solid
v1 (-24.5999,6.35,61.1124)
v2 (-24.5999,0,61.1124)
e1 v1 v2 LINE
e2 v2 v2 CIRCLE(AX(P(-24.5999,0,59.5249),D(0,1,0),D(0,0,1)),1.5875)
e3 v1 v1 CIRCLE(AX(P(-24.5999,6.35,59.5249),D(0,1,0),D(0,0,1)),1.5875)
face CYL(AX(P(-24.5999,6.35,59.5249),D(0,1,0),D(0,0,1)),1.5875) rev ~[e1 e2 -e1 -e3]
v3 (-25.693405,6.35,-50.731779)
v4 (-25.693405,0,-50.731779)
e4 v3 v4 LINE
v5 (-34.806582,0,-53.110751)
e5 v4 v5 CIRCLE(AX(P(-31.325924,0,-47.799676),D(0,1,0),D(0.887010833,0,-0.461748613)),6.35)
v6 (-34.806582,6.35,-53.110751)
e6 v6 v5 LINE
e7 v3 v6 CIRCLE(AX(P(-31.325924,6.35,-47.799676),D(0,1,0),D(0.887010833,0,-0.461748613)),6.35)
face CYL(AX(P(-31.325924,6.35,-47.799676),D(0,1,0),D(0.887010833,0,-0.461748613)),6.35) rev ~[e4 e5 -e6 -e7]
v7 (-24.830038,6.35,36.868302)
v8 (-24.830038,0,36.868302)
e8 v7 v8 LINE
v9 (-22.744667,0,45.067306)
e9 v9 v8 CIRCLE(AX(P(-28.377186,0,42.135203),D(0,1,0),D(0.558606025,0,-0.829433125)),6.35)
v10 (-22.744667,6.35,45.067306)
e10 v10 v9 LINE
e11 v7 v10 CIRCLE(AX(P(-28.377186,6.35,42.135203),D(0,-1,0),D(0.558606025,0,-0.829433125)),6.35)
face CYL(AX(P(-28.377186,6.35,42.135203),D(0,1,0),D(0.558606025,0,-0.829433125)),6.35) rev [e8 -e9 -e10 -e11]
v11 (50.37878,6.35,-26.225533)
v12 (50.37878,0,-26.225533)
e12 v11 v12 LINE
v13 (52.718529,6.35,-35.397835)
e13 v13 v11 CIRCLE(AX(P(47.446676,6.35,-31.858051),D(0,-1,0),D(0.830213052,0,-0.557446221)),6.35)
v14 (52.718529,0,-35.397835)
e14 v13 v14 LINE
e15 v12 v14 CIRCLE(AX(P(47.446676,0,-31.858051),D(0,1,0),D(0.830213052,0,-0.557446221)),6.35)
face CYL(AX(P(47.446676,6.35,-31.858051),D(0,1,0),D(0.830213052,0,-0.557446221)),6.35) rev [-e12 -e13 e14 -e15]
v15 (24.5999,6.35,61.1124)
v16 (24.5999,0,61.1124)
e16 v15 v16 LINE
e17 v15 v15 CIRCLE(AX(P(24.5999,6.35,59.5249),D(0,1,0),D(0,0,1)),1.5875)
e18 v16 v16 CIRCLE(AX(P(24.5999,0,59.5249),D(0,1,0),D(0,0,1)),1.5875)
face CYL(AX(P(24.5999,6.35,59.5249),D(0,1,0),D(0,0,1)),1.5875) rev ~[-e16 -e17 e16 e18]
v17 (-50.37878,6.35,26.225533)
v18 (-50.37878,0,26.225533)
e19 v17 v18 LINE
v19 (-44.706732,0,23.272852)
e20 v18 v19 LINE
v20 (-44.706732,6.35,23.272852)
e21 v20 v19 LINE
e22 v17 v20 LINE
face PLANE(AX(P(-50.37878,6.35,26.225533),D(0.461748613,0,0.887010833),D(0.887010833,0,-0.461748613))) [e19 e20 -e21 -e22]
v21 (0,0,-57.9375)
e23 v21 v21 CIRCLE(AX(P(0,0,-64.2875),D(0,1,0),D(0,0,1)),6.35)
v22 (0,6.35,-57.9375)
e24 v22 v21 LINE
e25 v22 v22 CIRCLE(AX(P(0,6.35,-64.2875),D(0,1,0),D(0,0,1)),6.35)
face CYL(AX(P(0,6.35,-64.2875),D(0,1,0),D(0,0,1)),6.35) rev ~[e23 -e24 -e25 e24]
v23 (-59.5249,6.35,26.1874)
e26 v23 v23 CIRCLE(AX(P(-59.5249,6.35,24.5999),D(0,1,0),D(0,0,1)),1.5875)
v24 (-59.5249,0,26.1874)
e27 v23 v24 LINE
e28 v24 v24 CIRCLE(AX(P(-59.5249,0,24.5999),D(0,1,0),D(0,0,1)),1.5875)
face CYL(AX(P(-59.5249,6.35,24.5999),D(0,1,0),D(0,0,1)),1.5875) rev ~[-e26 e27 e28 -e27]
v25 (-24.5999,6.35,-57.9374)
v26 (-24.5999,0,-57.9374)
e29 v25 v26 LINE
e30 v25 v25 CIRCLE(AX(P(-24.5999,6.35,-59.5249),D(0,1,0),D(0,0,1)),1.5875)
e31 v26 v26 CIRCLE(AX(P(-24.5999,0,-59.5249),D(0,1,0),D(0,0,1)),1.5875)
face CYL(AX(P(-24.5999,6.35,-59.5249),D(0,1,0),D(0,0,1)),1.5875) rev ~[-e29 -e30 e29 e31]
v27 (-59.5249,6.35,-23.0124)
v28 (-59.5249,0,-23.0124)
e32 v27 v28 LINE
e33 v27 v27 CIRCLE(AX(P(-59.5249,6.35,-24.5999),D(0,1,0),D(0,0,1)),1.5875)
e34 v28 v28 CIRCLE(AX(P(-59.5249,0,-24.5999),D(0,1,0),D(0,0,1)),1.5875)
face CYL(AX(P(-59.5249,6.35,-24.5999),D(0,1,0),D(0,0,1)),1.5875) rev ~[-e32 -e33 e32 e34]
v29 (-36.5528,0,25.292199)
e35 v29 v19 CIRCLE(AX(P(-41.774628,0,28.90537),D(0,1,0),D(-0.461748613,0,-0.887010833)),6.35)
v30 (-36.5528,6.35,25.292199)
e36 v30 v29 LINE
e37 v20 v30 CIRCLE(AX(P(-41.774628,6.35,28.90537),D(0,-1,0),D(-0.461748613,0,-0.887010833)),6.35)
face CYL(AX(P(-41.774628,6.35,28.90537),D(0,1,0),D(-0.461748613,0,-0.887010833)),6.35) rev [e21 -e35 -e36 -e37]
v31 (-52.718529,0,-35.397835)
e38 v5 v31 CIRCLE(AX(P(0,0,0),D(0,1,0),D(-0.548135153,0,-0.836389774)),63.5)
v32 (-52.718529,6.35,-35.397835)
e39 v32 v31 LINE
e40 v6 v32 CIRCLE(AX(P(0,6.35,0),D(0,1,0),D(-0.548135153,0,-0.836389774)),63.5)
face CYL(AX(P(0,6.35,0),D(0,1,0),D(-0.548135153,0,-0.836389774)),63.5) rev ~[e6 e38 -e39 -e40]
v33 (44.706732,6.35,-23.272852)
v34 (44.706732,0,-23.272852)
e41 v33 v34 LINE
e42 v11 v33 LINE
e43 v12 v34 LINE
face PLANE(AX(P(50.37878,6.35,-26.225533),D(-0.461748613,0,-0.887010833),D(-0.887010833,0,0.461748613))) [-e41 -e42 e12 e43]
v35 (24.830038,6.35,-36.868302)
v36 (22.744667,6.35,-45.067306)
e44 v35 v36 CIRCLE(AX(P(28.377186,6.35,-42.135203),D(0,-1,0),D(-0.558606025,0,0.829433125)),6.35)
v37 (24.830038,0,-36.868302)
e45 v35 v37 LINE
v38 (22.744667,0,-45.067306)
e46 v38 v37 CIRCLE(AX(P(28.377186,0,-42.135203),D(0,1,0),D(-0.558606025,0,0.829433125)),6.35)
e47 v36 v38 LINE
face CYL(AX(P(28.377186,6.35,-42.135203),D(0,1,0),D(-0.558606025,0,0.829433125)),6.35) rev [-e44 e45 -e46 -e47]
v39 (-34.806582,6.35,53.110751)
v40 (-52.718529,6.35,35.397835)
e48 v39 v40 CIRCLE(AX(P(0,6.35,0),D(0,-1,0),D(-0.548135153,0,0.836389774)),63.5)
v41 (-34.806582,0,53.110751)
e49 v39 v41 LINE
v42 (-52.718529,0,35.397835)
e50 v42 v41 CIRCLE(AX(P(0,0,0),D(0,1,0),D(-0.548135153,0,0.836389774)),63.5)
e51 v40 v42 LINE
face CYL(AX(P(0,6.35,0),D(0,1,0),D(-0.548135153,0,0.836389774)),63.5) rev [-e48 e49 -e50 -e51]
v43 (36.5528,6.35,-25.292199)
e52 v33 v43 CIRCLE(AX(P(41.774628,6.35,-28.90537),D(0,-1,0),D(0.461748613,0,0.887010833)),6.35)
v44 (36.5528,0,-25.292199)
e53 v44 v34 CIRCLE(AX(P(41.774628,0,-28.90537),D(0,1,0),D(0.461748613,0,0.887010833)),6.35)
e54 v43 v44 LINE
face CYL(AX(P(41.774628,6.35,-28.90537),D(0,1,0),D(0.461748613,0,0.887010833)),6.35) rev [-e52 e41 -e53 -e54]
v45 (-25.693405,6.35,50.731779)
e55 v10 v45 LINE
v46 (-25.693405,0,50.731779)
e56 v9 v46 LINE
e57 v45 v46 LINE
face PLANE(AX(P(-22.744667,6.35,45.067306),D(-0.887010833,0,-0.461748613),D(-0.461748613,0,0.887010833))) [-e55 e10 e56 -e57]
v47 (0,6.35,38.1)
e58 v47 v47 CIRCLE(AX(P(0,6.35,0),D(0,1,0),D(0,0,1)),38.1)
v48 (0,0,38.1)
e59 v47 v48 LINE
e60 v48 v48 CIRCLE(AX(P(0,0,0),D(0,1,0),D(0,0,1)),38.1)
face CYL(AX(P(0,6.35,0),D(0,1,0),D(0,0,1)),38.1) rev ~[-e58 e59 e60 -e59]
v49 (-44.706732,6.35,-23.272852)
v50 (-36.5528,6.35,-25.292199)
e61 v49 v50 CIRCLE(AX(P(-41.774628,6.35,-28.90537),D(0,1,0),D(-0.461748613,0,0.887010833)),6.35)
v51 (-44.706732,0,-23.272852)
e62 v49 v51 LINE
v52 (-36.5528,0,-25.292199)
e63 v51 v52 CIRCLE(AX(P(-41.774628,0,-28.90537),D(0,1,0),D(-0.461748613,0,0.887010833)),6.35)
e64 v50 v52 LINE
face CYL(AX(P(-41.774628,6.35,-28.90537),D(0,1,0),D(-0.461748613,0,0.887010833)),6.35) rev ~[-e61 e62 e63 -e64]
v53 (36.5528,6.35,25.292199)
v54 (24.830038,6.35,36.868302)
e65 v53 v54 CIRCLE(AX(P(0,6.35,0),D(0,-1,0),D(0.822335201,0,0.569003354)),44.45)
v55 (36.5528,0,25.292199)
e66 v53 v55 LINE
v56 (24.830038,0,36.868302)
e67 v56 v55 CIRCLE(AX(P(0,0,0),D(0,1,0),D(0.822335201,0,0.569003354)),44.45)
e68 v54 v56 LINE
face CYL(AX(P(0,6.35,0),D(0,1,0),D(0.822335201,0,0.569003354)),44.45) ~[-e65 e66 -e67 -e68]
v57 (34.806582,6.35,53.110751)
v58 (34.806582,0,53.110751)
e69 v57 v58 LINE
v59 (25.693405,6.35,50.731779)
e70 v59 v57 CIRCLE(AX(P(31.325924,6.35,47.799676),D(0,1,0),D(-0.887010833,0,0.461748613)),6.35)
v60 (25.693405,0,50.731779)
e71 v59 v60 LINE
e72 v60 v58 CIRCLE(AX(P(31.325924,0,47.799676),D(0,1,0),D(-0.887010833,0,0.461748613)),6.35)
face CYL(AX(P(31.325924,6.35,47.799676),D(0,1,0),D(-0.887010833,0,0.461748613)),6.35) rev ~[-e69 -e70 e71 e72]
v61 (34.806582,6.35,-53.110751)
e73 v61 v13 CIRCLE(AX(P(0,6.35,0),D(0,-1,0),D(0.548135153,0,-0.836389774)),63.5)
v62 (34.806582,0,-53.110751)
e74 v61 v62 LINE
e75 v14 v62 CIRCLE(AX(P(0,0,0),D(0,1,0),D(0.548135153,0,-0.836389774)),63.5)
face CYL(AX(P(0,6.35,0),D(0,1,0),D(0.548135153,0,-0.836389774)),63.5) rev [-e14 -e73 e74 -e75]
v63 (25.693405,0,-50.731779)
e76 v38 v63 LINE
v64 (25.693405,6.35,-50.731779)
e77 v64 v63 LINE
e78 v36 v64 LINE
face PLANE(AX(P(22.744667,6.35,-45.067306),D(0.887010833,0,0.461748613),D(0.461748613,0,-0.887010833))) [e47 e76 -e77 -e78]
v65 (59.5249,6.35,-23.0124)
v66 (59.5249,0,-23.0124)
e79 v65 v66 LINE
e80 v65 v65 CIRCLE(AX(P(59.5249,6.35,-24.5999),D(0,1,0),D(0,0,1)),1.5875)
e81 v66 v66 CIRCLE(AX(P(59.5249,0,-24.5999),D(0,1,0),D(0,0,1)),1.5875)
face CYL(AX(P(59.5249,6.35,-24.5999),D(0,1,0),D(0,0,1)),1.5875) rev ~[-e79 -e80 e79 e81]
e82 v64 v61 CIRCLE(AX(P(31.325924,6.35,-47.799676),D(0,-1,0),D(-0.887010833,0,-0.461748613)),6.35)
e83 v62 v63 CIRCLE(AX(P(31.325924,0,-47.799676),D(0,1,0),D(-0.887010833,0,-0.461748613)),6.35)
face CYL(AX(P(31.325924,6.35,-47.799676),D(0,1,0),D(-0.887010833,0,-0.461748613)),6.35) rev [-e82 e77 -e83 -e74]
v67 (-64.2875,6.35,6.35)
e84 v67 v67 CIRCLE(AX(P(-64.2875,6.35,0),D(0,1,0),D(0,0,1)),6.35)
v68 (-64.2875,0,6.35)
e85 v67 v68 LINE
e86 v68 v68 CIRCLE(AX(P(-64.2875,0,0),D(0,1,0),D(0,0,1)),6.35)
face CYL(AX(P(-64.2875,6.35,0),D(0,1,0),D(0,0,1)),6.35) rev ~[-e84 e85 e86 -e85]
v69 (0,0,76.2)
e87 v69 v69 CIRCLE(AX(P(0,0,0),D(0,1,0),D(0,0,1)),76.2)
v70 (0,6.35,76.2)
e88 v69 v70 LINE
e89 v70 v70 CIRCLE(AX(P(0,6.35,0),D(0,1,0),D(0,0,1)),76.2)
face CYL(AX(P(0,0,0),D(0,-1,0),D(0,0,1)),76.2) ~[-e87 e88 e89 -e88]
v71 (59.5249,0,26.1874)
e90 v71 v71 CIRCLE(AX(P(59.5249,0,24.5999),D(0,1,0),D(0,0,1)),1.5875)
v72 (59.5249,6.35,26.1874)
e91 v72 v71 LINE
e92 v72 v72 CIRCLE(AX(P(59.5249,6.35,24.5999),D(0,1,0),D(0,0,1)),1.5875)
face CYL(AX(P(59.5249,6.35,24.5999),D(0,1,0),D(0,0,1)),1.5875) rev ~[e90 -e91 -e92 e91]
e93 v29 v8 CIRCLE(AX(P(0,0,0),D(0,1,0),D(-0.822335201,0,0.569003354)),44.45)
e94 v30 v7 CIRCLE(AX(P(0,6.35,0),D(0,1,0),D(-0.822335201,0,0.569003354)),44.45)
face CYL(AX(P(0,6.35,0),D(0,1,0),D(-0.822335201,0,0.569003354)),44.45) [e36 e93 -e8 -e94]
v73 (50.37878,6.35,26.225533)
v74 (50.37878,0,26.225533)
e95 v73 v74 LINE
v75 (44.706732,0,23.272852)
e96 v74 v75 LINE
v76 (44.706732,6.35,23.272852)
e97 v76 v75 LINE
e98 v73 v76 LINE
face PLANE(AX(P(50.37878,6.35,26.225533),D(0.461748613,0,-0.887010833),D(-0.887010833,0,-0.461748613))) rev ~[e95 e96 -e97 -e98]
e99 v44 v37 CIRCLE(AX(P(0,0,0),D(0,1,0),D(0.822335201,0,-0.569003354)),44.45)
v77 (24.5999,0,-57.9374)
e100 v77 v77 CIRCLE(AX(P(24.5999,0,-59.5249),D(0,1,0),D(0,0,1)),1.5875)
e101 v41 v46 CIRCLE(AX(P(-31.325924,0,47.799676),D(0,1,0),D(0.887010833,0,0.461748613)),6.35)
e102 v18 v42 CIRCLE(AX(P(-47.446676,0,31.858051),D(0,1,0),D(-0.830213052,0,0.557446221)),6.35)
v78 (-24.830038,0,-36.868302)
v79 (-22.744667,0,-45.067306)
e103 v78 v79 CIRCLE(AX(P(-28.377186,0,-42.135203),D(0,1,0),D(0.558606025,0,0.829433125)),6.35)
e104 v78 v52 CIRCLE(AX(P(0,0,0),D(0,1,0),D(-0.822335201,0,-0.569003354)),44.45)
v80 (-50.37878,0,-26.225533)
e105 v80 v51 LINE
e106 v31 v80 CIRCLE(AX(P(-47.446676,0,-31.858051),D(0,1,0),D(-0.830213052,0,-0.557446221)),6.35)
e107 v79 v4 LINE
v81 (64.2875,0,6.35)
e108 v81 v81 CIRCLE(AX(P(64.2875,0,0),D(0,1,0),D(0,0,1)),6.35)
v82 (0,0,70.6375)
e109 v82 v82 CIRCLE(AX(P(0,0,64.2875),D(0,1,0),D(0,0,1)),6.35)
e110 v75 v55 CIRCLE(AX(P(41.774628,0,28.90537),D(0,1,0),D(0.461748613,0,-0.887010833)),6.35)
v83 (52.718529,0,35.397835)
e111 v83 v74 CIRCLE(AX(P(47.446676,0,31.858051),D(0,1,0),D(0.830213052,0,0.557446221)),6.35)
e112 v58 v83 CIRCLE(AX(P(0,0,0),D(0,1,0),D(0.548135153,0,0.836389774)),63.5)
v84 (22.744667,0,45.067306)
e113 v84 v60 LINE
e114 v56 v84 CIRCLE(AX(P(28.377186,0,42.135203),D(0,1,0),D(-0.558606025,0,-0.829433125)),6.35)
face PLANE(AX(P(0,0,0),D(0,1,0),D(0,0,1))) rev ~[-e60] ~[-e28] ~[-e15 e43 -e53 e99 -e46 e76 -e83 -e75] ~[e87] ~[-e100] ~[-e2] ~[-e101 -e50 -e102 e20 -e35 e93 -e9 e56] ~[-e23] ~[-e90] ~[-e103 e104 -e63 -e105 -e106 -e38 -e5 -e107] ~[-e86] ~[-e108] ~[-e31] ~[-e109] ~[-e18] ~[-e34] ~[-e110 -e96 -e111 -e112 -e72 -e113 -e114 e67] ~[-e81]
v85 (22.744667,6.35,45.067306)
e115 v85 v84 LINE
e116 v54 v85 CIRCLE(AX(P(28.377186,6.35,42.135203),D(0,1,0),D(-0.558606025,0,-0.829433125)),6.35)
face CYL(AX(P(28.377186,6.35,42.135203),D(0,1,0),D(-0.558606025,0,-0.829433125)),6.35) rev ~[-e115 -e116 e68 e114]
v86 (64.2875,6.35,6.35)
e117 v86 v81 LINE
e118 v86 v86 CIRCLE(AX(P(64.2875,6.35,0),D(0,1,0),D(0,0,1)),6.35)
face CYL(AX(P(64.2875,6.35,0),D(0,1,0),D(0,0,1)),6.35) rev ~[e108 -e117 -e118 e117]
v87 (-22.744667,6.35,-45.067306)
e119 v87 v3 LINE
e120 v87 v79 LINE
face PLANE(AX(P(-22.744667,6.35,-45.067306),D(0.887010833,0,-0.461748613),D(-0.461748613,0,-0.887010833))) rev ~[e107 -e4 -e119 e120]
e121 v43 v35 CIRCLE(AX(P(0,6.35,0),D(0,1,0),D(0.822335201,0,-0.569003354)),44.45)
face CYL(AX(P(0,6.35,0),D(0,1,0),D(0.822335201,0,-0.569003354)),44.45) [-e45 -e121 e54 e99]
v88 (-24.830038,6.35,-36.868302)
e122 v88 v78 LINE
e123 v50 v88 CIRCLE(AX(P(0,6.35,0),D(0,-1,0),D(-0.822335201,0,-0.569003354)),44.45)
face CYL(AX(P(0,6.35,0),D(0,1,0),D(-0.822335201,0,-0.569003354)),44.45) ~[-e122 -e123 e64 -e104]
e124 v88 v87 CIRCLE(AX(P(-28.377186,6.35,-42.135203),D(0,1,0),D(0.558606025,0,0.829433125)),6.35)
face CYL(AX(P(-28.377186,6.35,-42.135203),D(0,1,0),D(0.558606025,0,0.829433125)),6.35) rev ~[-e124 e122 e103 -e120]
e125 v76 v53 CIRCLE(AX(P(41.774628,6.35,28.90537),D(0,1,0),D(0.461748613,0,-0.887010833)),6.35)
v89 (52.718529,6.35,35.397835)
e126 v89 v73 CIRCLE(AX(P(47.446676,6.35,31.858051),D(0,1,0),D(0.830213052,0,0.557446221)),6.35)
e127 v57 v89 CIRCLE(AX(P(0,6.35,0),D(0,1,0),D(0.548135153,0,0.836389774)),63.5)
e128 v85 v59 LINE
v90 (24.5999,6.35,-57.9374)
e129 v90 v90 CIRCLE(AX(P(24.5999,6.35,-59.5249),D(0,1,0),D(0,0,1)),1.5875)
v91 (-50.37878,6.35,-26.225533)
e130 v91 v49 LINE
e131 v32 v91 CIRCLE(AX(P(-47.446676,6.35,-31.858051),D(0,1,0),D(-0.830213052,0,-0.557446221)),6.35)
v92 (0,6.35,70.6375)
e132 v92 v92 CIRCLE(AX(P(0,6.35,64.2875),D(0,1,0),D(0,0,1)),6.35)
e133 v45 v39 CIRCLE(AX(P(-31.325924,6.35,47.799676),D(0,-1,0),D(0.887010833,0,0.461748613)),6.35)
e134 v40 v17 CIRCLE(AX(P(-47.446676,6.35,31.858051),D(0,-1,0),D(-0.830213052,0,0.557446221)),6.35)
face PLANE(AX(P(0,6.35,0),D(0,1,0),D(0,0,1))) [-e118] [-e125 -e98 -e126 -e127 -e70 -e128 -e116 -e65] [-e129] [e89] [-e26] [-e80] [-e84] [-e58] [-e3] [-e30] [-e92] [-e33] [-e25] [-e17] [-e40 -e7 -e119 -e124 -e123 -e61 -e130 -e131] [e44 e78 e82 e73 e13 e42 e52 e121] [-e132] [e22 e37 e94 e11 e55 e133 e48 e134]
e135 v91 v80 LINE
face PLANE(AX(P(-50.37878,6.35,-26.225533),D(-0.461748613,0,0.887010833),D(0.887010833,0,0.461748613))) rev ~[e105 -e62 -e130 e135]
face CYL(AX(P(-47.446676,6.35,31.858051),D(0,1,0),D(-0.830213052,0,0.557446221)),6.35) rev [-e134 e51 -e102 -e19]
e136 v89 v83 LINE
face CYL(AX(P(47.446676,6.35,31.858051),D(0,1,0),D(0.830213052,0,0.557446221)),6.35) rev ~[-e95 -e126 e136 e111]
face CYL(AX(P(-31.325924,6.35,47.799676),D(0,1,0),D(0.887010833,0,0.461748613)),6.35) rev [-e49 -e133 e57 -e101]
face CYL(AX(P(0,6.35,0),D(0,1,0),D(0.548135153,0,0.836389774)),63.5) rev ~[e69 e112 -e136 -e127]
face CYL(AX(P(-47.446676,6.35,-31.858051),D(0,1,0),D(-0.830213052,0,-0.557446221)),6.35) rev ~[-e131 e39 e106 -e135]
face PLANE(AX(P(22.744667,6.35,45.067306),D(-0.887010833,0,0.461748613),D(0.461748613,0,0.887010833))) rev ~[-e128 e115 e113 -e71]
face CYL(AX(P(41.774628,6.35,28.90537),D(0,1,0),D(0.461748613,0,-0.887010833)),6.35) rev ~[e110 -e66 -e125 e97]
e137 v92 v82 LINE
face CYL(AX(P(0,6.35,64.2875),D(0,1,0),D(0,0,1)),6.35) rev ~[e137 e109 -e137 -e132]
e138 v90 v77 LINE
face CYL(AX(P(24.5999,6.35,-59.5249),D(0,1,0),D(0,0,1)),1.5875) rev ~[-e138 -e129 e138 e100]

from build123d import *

# Parameters (mm, degrees)
SKETCH1_R           = 76.2
BOSS_EXTRUDE1_DEPTH = 6.35
SKETCH2_R           = 35
CUT_EXTRUDE1_DEPTH  = 6.35
SKETCH3_R           = 6.35
CUT_EXTRUDE2_DEPTH  = 10
SKETCH7_R           = 1.5875
CUT_EXTRUDE4_DEPTH  = 10
SKETCH8_R           = 6.35
CUT_EXTRUDE5_DEPTH  = 10
SKETCH9_R           = 38.1
CUT_EXTRUDE6_DEPTH  = 10
CUT_EXTRUDE10_DEPTH = 10


with BuildPart() as part:
    # Sketch1 → Boss-Extrude1 (new body)
    with BuildSketch(Plane(origin=(0, 0, 0), x_dir=(1, 0, 0), z_dir=(0, 1, 0))):
        with Locations(Location((0, 0, 0), (0, 0, 270))):
            Circle(SKETCH1_R)
    extrude(amount=BOSS_EXTRUDE1_DEPTH)

    # Sketch2 → Cut-Extrude1 (cut)
    with BuildSketch(Plane(origin=(0, 6.35, 0), x_dir=(1, 0, 0), z_dir=(0, 1, 0))):
        with Locations(Location((0, 0, 0), (0, 0, 270))):
            Circle(SKETCH2_R)
    extrude(amount=-CUT_EXTRUDE1_DEPTH, mode=Mode.SUBTRACT)

    # Sketch3 → Cut-Extrude2 (cut)
    with BuildSketch(Plane(origin=(0, 6.35, 0), x_dir=(1, 0, 0), z_dir=(0, 1, 0))):
        with Locations(Location((-64.2875, 0, 0), (0, 0, 270))):
            Circle(SKETCH3_R)
        with Locations(Location((64.2875, 0, 0), (0, 0, 270))):
            Circle(SKETCH3_R)
    extrude(amount=-CUT_EXTRUDE2_DEPTH, mode=Mode.SUBTRACT)

    # Sketch7 → Cut-Extrude4 (cut)
    with BuildSketch(Plane(origin=(0, 6.35, 0), x_dir=(1, 0, 0), z_dir=(0, 1, 0))):
        with Locations(Location((-24.5999, 59.5249, 0), (0, 0, 270))):
            Circle(SKETCH7_R)
        with Locations(Location((24.5999, 59.5249, 0), (0, 0, 270))):
            Circle(SKETCH7_R)
        with Locations(Location((24.5999, -59.5249, 0), (0, 0, 270))):
            Circle(SKETCH7_R)
        with Locations(Location((-24.5999, -59.5249, 0), (0, 0, 270))):
            Circle(SKETCH7_R)
        with Locations(Location((-59.5249, 24.5999, 0), (0, 0, 270))):
            Circle(SKETCH7_R)
        with Locations(Location((-59.5249, -24.5999, 0), (0, 0, 270))):
            Circle(SKETCH7_R)
        with Locations(Location((59.5249, 24.5999, 0), (0, 0, 270))):
            Circle(SKETCH7_R)
        with Locations(Location((59.5249, -24.5999, 0), (0, 0, 270))):
            Circle(SKETCH7_R)
    extrude(amount=-CUT_EXTRUDE4_DEPTH, mode=Mode.SUBTRACT)

    # Sketch8 → Cut-Extrude5 (cut)
    with BuildSketch(Plane(origin=(0, 6.35, 0), x_dir=(1, 0, 0), z_dir=(0, 1, 0))):
        with Locations(Location((-64.2875, 0, 0), (0, 0, 270))):
            Circle(SKETCH8_R)
        with Locations(Location((64.2875, 0, 0), (0, 0, 270))):
            Circle(SKETCH8_R)
        with Locations(Location((0, -64.2875, 0), (0, 0, 270))):
            Circle(SKETCH8_R)
        with Locations(Location((0, 64.2875, 0), (0, 0, 270))):
            Circle(SKETCH8_R)
    extrude(amount=-CUT_EXTRUDE5_DEPTH, mode=Mode.SUBTRACT)

    # Sketch9 → Cut-Extrude6 (cut)
    with BuildSketch(Plane(origin=(0, 6.35, 0), x_dir=(1, 0, 0), z_dir=(0, 1, 0))):
        with Locations(Location((0, 0, 0), (0, 0, 270))):
            Circle(SKETCH9_R)
    extrude(amount=-CUT_EXTRUDE6_DEPTH, mode=Mode.SUBTRACT)

    # Sketch10 → Cut-Extrude10 (cut)
    with BuildSketch(Plane(origin=(0, 6.35, 0), x_dir=(1, 0, 0), z_dir=(0, 1, 0))):
        with BuildLine():
            Line((-22.744667262, 45.067306456), (-25.69340518, 50.731779293))
            ThreePointArc((-25.69340518, 50.731779293), (-29.722021798, 53.943778286), (-34.806582189, 53.110750666))
            ThreePointArc((-34.806582189, 53.110750666), (-44.649726855, 45.151432888), (-52.718528787, 35.397834998))
            ThreePointArc((-52.718528787, 35.397834998), (-53.599643338, 30.28850003), (-50.378779602, 26.225532708))
            Line((-50.378779602, 26.225532708), (-44.706731925, 23.272851578))
            ThreePointArc((-44.706731925, 23.272851578), (-40.248145008, 22.741576978), (-36.552799702, 25.292199073))
            ThreePointArc((-36.552799702, 25.292199073), (-31.232430693, 31.628116811), (-24.830037796, 36.868302416))
            ThreePointArc((-24.830037796, 36.868302416), (-22.223123282, 40.56995153), (-22.744667262, 45.067306456))
        make_face()
        with BuildLine():
            ThreePointArc((24.830037796, 36.868302416), (22.223123282, 40.56995153), (22.744667262, 45.067306456))
            Line((22.744667262, 45.067306456), (25.69340518, 50.731779293))
            ThreePointArc((25.69340518, 50.731779293), (29.722021798, 53.943778286), (34.806582189, 53.110750666))
            ThreePointArc((34.806582189, 53.110750666), (44.649726855, 45.151432888), (52.718528787, 35.397834998))
            ThreePointArc((52.718528787, 35.397834998), (53.599643338, 30.28850003), (50.378779602, 26.225532708))
            Line((50.378779602, 26.225532708), (44.706731925, 23.272851578))
            ThreePointArc((44.706731925, 23.272851578), (40.248145008, 22.741576978), (36.552799702, 25.292199073))
            ThreePointArc((36.552799702, 25.292199073), (31.232430693, 31.628116811), (24.830037796, 36.868302416))
        make_face()
        with BuildLine():
            Line((22.744667262, -45.067306456), (25.69340518, -50.731779293))
            ThreePointArc((25.69340518, -50.731779293), (29.722021798, -53.943778286), (34.806582189, -53.110750666))
            ThreePointArc((34.806582189, -53.110750666), (44.649726855, -45.151432888), (52.718528787, -35.397834998))
            ThreePointArc((52.718528787, -35.397834998), (53.599643338, -30.28850003), (50.378779602, -26.225532708))
            Line((50.378779602, -26.225532708), (44.706731925, -23.272851578))
            ThreePointArc((44.706731925, -23.272851578), (40.248145008, -22.741576978), (36.552799702, -25.292199073))
            ThreePointArc((36.552799702, -25.292199073), (31.232430693, -31.628116811), (24.830037796, -36.868302416))
            ThreePointArc((24.830037796, -36.868302416), (22.223123282, -40.56995153), (22.744667262, -45.067306456))
        make_face()
        with BuildLine():
            ThreePointArc((-24.830037796, -36.868302416), (-22.223123282, -40.56995153), (-22.744667262, -45.067306456))
            Line((-22.744667262, -45.067306456), (-25.69340518, -50.731779293))
            ThreePointArc((-25.69340518, -50.731779293), (-29.722021798, -53.943778286), (-34.806582189, -53.110750666))
            ThreePointArc((-34.806582189, -53.110750666), (-44.649726855, -45.151432888), (-52.718528787, -35.397834998))
            ThreePointArc((-52.718528787, -35.397834998), (-53.599643338, -30.28850003), (-50.378779602, -26.225532708))
            Line((-50.378779602, -26.225532708), (-44.706731925, -23.272851578))
            ThreePointArc((-44.706731925, -23.272851578), (-40.248145008, -22.741576978), (-36.552799702, -25.292199073))
            ThreePointArc((-36.552799702, -25.292199073), (-31.232430693, -31.628116811), (-24.830037796, -36.868302416))
        make_face()
    extrude(amount=-CUT_EXTRUDE10_DEPTH, mode=Mode.SUBTRACT)


solid = part.part
